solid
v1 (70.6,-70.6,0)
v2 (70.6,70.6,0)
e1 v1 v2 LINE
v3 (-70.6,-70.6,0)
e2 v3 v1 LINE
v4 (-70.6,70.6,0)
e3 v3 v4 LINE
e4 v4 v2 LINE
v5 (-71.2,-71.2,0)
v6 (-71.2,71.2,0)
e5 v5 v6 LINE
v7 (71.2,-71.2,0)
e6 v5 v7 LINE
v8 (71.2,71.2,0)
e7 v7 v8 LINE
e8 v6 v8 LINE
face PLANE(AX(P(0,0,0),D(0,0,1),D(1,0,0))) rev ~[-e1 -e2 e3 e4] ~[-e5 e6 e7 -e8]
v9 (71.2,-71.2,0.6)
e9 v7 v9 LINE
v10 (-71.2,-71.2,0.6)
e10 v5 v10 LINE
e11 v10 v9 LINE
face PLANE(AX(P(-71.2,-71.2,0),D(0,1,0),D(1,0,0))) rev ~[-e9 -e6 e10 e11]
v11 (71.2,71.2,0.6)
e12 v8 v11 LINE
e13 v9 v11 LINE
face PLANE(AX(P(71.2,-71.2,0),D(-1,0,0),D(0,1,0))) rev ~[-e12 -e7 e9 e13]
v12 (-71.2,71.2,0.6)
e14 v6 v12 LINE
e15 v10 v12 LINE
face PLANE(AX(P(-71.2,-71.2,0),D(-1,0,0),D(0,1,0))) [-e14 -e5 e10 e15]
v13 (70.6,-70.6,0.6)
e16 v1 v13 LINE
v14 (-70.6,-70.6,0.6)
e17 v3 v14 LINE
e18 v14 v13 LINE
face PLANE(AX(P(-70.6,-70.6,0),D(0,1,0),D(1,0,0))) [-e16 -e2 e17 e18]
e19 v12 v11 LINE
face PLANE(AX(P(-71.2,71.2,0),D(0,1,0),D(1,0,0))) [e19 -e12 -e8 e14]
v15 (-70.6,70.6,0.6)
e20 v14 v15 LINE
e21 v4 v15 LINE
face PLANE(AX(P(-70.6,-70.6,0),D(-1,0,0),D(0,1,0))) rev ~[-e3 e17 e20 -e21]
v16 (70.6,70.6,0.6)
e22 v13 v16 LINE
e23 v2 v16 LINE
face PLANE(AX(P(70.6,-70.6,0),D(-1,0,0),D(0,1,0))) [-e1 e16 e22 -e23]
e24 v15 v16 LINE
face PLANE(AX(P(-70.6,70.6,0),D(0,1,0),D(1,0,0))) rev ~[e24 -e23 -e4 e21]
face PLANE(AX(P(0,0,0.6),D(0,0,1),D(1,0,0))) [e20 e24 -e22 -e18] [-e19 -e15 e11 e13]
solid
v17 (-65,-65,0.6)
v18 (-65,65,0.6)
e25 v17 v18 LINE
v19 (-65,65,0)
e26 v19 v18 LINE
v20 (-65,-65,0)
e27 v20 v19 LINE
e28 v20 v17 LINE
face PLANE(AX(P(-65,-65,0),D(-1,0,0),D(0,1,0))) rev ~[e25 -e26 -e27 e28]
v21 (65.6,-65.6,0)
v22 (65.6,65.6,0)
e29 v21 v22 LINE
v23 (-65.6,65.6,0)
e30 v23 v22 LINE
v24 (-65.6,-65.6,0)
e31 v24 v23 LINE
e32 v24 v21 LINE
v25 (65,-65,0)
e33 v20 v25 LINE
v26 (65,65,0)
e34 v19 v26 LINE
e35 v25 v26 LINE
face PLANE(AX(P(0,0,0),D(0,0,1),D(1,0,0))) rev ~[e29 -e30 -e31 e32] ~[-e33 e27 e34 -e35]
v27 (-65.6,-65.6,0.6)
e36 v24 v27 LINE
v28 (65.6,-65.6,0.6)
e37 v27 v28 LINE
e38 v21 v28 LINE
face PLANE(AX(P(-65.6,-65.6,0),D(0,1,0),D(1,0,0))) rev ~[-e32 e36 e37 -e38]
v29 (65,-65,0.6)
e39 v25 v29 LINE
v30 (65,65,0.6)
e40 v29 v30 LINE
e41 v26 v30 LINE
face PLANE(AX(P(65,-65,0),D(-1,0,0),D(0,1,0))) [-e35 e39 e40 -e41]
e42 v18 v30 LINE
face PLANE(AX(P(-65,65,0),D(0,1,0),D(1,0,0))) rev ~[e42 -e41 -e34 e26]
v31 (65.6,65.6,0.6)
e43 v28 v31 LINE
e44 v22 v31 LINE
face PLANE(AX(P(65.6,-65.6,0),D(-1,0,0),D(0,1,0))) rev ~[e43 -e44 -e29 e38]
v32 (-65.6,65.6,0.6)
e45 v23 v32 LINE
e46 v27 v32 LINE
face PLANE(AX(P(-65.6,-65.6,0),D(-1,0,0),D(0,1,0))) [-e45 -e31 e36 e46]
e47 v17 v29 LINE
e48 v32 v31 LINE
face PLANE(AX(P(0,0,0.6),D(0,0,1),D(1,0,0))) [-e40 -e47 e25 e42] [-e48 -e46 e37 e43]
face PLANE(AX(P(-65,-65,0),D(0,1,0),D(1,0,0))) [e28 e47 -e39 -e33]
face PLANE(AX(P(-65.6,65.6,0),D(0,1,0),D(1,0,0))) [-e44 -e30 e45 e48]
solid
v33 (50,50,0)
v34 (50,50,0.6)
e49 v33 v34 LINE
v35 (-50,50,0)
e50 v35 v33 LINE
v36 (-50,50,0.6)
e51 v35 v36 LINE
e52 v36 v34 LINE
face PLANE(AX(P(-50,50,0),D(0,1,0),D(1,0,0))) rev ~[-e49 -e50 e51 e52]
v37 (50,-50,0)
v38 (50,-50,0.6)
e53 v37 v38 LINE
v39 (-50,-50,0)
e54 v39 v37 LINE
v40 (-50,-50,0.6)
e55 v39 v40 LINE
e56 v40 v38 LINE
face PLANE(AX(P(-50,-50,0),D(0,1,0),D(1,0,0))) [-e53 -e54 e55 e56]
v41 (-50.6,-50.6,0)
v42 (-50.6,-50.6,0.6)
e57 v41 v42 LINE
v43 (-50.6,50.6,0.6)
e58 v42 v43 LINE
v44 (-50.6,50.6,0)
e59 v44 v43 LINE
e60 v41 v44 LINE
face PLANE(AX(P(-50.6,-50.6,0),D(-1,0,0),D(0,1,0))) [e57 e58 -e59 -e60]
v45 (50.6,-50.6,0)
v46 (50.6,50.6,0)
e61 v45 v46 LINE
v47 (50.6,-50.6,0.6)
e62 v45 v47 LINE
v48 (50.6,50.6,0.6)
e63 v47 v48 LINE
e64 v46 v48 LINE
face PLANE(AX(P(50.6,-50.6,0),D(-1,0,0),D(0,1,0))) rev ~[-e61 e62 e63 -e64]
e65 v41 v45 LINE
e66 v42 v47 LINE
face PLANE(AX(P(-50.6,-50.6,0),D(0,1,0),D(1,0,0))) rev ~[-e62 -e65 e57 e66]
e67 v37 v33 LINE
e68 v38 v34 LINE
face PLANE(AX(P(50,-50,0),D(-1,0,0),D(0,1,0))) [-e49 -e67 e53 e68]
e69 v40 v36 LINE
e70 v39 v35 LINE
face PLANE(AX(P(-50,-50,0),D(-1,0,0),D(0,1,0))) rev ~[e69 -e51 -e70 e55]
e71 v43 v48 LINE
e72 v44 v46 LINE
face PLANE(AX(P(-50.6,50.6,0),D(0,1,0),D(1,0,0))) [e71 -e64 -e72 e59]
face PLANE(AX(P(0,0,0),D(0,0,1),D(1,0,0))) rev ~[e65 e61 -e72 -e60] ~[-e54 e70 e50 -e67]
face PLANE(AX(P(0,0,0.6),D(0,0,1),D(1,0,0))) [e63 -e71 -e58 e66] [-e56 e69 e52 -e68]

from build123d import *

# Parameters (mm, degrees)
F0_W     = 142.4
F0_H     = 142.4
F0_W_2   = 141.2
F0_H_2   = 141.2
F1_DEPTH = 0.6
F0_W_3   = 101.2
F0_H_3   = 101.2
F0_W_4   = 100
F0_H_4   = 100
F0_W_5   = 131.2
F0_H_5   = 131.2
F0_W_6   = 130
F0_H_6   = 130


with BuildPart() as f1:
    # F0 (on Top) → F1 (new body)
    with BuildSketch(Plane.XY):
        Rectangle(F0_W, F0_H)
        Rectangle(F0_W_2, F0_H_2, mode=Mode.SUBTRACT)
    extrude(amount=F1_DEPTH)


with BuildPart() as f1b:
    # F0 (on Top) → F1, piece 2 (new body)
    with BuildSketch(Plane.XY):
        Rectangle(F0_W_3, F0_H_3)
        Rectangle(F0_W_4, F0_H_4, mode=Mode.SUBTRACT)
    extrude(amount=F1_DEPTH)


with BuildPart() as f1c:
    # F0 (on Top) → F1, piece 3 (new body)
    with BuildSketch(Plane.XY):
        Rectangle(F0_W_5, F0_H_5)
        Rectangle(F0_W_6, F0_H_6, mode=Mode.SUBTRACT)
    extrude(amount=F1_DEPTH)


solid = Compound([f1.part, f1b.part, f1c.part])
